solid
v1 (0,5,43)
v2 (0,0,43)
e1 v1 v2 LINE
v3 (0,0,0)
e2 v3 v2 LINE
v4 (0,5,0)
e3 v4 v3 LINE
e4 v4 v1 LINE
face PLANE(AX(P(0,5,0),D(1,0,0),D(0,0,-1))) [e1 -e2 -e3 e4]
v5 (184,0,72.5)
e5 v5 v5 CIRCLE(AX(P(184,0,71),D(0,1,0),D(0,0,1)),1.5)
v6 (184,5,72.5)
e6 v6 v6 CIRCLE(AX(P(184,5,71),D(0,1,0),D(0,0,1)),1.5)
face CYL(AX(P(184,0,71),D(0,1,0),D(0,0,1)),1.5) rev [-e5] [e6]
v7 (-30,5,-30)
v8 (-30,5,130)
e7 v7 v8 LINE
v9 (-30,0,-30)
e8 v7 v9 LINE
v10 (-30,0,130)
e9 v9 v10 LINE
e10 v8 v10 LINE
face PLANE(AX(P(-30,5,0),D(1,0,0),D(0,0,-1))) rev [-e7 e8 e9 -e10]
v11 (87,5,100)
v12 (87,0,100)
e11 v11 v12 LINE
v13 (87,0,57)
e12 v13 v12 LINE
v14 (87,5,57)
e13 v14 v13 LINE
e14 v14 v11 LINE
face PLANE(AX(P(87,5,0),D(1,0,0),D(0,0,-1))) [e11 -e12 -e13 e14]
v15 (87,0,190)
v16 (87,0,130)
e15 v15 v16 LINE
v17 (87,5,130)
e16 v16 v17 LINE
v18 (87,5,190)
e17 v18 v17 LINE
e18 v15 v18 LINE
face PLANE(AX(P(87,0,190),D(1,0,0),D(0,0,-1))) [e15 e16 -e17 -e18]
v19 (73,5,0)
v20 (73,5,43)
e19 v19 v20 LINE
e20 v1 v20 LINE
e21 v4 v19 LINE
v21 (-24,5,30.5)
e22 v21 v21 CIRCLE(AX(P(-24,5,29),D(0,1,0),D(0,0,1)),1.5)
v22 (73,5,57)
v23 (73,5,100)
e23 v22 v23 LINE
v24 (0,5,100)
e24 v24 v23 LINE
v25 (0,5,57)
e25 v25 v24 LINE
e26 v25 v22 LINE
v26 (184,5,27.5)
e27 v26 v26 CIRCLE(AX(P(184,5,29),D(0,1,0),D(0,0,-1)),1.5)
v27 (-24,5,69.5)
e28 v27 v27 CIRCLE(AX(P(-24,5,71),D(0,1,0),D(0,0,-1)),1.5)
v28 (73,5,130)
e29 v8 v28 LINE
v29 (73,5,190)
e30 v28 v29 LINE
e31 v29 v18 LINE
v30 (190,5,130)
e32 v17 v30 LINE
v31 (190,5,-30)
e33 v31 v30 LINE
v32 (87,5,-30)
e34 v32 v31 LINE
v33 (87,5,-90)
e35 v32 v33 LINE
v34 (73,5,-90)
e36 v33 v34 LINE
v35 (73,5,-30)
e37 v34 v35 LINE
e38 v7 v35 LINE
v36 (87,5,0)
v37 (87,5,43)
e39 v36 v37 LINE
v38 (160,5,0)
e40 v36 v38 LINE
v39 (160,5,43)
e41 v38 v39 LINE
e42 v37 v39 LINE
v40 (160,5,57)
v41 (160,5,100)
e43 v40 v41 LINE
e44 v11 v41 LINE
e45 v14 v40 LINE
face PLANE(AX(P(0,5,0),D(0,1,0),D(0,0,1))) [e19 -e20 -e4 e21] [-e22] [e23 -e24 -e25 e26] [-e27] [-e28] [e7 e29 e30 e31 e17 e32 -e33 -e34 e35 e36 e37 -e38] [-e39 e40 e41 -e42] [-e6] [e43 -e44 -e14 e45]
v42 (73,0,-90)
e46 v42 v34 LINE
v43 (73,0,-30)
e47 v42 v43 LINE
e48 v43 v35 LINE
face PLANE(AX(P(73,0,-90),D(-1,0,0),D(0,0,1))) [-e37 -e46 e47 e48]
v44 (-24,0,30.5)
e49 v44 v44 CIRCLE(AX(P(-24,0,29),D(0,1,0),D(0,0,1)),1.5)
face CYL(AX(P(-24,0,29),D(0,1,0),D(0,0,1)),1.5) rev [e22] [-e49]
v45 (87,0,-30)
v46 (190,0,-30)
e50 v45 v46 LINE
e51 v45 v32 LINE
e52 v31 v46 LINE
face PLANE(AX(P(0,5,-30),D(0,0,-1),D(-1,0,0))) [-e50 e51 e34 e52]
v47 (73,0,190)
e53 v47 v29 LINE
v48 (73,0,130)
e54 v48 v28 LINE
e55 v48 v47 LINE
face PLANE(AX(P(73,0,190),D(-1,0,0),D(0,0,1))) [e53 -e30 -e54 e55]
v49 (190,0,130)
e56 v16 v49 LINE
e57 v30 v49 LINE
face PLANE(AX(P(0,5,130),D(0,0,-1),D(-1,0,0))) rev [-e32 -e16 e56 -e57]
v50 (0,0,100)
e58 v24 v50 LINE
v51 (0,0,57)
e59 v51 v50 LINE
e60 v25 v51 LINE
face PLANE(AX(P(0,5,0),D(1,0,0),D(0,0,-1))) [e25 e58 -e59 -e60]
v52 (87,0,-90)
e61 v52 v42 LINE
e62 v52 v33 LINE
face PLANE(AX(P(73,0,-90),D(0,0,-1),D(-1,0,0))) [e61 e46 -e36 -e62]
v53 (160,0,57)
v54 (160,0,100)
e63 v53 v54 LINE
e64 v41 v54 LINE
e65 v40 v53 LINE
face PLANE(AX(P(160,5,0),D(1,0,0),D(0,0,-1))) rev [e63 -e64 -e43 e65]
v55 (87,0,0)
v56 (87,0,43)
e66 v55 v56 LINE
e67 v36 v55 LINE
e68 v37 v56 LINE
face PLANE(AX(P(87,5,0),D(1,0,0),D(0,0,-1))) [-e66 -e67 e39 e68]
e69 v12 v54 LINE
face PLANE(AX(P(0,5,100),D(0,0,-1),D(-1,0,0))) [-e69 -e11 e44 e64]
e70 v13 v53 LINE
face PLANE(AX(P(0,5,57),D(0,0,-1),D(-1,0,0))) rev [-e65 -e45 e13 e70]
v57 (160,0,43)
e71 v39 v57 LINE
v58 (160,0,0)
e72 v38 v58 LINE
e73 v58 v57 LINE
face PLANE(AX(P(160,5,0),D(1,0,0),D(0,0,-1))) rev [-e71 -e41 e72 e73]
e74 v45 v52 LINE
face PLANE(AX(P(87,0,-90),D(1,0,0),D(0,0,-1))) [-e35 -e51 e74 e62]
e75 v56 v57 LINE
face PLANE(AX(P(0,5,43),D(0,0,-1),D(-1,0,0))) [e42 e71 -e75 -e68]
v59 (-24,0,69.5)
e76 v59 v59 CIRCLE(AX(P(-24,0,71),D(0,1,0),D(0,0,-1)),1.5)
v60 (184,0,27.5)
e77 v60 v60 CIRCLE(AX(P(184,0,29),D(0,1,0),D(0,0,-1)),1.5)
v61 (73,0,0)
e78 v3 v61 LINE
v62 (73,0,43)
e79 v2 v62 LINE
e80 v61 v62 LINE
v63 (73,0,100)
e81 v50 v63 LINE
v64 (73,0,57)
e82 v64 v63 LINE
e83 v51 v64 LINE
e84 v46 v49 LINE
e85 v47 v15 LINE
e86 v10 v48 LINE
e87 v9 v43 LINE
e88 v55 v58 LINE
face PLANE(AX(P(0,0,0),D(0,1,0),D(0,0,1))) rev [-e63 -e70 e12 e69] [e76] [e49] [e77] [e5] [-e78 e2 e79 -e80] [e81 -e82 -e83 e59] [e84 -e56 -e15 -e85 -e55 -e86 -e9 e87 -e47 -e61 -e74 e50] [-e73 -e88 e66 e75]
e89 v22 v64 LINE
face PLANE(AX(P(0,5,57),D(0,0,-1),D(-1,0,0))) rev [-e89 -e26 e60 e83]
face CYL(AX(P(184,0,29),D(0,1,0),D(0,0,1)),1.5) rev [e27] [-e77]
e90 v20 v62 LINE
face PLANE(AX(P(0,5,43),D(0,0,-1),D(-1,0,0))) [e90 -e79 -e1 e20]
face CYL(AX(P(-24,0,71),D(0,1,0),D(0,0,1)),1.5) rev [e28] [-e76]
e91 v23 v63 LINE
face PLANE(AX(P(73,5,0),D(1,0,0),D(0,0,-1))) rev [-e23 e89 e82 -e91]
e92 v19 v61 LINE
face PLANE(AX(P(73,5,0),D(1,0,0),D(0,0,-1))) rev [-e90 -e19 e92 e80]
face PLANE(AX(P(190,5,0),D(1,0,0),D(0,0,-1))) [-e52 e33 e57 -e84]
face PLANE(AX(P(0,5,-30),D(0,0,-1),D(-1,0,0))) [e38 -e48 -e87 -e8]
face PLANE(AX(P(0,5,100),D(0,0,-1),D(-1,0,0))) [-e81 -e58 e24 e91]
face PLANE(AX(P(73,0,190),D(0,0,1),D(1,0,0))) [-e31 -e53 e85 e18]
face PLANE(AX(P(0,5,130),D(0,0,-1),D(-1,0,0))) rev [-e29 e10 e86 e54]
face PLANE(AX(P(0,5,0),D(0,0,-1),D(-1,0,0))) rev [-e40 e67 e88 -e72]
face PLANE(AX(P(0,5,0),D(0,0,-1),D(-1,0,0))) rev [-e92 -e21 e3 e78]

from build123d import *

# Parameters (mm, degrees)
SKETCH1_W           = 220
SKETCH1_H           = 160
SKETCH1_W_2         = 160
SKETCH1_H_2         = 100
SKETCH1_W_3         = 73
SKETCH1_H_3         = 14
SKETCH1_W_4         = 14
SKETCH1_H_4         = 43
BOSS_EXTRUDE1_DEPTH = 5
SKETCH2_R           = 1.5
CUT_EXTRUDE1_DEPTH  = 5
SKETCH3_W           = 14
SKETCH3_H           = 60
BOSS_EXTRUDE2_DEPTH = 5


with BuildPart() as part:
    # Sketch1 → Boss-Extrude1 (new body)
    # profile 1 of 6: a face of its own
    with BuildSketch(Plane(origin=(0, 0, 0), x_dir=(1, 0, 0), z_dir=(0, 1, 0))):
        with Locations((80, -50)):
            Rectangle(SKETCH1_W, SKETCH1_H)
        with Locations((80, -50)):
            Rectangle(SKETCH1_W_2, SKETCH1_H_2, mode=Mode.SUBTRACT)
    # profile 2 of 6: a face of its own
    with BuildSketch(Plane(origin=(0, 0, 0), x_dir=(1, 0, 0), z_dir=(0, 1, 0))):
        with Locations((36.5, -50)):
            Rectangle(SKETCH1_W_3, SKETCH1_H_3)
    # profile 3 of 6: a face of its own
    with BuildSketch(Plane(origin=(0, 0, 0), x_dir=(1, 0, 0), z_dir=(0, 1, 0))):
        with Locations((123.5, -50)):
            Rectangle(SKETCH1_W_3, SKETCH1_H_3)
    # profile 4 of 6: a face of its own
    with BuildSketch(Plane(origin=(0, 0, 0), x_dir=(1, 0, 0), z_dir=(0, 1, 0))):
        with Locations((80, -21.5)):
            Rectangle(SKETCH1_W_4, SKETCH1_H_4)
    # profile 5 of 6: a face of its own
    with BuildSketch(Plane(origin=(0, 0, 0), x_dir=(1, 0, 0), z_dir=(0, 1, 0))):
        with Locations((80, -78.5)):
            Rectangle(SKETCH1_W_4, SKETCH1_H_4)
    # profile 6 of 6: a face of its own
    with BuildSketch(Plane(origin=(0, 0, 0), x_dir=(1, 0, 0), z_dir=(0, 1, 0))):
        with Locations((80, -50)):
            Rectangle(SKETCH1_W_4, SKETCH1_H_3)
    extrude(amount=BOSS_EXTRUDE1_DEPTH)

    # Sketch2 → Cut-Extrude1 (cut)
    with BuildSketch(Plane(origin=(0, 5, 0), x_dir=(1, 0, 0), z_dir=(0, 1, 0))):
        with Locations(Location((-24, -29, 0), (0, 0, 270))):
            Circle(SKETCH2_R)
        with Locations(Location((-24, -71, 0), (0, 0, 90))):
            Circle(SKETCH2_R)
        with Locations(Location((184, -29, 0), (0, 0, 90))):
            Circle(SKETCH2_R)
        with Locations(Location((184, -71, 0), (0, 0, 270))):
            Circle(SKETCH2_R)
    extrude(amount=-CUT_EXTRUDE1_DEPTH, mode=Mode.SUBTRACT)

    # Sketch3 → Boss-Extrude2 (add)
    with BuildSketch(Plane(origin=(0, 5, 0), x_dir=(1, 0, 0), z_dir=(0, 1, 0))):
        with Locations((80, 60)):
            Rectangle(SKETCH3_W, SKETCH3_H)
        with Locations((80, -160)):
            Rectangle(SKETCH3_W, SKETCH3_H)
    extrude(amount=-BOSS_EXTRUDE2_DEPTH)


solid = part.part
